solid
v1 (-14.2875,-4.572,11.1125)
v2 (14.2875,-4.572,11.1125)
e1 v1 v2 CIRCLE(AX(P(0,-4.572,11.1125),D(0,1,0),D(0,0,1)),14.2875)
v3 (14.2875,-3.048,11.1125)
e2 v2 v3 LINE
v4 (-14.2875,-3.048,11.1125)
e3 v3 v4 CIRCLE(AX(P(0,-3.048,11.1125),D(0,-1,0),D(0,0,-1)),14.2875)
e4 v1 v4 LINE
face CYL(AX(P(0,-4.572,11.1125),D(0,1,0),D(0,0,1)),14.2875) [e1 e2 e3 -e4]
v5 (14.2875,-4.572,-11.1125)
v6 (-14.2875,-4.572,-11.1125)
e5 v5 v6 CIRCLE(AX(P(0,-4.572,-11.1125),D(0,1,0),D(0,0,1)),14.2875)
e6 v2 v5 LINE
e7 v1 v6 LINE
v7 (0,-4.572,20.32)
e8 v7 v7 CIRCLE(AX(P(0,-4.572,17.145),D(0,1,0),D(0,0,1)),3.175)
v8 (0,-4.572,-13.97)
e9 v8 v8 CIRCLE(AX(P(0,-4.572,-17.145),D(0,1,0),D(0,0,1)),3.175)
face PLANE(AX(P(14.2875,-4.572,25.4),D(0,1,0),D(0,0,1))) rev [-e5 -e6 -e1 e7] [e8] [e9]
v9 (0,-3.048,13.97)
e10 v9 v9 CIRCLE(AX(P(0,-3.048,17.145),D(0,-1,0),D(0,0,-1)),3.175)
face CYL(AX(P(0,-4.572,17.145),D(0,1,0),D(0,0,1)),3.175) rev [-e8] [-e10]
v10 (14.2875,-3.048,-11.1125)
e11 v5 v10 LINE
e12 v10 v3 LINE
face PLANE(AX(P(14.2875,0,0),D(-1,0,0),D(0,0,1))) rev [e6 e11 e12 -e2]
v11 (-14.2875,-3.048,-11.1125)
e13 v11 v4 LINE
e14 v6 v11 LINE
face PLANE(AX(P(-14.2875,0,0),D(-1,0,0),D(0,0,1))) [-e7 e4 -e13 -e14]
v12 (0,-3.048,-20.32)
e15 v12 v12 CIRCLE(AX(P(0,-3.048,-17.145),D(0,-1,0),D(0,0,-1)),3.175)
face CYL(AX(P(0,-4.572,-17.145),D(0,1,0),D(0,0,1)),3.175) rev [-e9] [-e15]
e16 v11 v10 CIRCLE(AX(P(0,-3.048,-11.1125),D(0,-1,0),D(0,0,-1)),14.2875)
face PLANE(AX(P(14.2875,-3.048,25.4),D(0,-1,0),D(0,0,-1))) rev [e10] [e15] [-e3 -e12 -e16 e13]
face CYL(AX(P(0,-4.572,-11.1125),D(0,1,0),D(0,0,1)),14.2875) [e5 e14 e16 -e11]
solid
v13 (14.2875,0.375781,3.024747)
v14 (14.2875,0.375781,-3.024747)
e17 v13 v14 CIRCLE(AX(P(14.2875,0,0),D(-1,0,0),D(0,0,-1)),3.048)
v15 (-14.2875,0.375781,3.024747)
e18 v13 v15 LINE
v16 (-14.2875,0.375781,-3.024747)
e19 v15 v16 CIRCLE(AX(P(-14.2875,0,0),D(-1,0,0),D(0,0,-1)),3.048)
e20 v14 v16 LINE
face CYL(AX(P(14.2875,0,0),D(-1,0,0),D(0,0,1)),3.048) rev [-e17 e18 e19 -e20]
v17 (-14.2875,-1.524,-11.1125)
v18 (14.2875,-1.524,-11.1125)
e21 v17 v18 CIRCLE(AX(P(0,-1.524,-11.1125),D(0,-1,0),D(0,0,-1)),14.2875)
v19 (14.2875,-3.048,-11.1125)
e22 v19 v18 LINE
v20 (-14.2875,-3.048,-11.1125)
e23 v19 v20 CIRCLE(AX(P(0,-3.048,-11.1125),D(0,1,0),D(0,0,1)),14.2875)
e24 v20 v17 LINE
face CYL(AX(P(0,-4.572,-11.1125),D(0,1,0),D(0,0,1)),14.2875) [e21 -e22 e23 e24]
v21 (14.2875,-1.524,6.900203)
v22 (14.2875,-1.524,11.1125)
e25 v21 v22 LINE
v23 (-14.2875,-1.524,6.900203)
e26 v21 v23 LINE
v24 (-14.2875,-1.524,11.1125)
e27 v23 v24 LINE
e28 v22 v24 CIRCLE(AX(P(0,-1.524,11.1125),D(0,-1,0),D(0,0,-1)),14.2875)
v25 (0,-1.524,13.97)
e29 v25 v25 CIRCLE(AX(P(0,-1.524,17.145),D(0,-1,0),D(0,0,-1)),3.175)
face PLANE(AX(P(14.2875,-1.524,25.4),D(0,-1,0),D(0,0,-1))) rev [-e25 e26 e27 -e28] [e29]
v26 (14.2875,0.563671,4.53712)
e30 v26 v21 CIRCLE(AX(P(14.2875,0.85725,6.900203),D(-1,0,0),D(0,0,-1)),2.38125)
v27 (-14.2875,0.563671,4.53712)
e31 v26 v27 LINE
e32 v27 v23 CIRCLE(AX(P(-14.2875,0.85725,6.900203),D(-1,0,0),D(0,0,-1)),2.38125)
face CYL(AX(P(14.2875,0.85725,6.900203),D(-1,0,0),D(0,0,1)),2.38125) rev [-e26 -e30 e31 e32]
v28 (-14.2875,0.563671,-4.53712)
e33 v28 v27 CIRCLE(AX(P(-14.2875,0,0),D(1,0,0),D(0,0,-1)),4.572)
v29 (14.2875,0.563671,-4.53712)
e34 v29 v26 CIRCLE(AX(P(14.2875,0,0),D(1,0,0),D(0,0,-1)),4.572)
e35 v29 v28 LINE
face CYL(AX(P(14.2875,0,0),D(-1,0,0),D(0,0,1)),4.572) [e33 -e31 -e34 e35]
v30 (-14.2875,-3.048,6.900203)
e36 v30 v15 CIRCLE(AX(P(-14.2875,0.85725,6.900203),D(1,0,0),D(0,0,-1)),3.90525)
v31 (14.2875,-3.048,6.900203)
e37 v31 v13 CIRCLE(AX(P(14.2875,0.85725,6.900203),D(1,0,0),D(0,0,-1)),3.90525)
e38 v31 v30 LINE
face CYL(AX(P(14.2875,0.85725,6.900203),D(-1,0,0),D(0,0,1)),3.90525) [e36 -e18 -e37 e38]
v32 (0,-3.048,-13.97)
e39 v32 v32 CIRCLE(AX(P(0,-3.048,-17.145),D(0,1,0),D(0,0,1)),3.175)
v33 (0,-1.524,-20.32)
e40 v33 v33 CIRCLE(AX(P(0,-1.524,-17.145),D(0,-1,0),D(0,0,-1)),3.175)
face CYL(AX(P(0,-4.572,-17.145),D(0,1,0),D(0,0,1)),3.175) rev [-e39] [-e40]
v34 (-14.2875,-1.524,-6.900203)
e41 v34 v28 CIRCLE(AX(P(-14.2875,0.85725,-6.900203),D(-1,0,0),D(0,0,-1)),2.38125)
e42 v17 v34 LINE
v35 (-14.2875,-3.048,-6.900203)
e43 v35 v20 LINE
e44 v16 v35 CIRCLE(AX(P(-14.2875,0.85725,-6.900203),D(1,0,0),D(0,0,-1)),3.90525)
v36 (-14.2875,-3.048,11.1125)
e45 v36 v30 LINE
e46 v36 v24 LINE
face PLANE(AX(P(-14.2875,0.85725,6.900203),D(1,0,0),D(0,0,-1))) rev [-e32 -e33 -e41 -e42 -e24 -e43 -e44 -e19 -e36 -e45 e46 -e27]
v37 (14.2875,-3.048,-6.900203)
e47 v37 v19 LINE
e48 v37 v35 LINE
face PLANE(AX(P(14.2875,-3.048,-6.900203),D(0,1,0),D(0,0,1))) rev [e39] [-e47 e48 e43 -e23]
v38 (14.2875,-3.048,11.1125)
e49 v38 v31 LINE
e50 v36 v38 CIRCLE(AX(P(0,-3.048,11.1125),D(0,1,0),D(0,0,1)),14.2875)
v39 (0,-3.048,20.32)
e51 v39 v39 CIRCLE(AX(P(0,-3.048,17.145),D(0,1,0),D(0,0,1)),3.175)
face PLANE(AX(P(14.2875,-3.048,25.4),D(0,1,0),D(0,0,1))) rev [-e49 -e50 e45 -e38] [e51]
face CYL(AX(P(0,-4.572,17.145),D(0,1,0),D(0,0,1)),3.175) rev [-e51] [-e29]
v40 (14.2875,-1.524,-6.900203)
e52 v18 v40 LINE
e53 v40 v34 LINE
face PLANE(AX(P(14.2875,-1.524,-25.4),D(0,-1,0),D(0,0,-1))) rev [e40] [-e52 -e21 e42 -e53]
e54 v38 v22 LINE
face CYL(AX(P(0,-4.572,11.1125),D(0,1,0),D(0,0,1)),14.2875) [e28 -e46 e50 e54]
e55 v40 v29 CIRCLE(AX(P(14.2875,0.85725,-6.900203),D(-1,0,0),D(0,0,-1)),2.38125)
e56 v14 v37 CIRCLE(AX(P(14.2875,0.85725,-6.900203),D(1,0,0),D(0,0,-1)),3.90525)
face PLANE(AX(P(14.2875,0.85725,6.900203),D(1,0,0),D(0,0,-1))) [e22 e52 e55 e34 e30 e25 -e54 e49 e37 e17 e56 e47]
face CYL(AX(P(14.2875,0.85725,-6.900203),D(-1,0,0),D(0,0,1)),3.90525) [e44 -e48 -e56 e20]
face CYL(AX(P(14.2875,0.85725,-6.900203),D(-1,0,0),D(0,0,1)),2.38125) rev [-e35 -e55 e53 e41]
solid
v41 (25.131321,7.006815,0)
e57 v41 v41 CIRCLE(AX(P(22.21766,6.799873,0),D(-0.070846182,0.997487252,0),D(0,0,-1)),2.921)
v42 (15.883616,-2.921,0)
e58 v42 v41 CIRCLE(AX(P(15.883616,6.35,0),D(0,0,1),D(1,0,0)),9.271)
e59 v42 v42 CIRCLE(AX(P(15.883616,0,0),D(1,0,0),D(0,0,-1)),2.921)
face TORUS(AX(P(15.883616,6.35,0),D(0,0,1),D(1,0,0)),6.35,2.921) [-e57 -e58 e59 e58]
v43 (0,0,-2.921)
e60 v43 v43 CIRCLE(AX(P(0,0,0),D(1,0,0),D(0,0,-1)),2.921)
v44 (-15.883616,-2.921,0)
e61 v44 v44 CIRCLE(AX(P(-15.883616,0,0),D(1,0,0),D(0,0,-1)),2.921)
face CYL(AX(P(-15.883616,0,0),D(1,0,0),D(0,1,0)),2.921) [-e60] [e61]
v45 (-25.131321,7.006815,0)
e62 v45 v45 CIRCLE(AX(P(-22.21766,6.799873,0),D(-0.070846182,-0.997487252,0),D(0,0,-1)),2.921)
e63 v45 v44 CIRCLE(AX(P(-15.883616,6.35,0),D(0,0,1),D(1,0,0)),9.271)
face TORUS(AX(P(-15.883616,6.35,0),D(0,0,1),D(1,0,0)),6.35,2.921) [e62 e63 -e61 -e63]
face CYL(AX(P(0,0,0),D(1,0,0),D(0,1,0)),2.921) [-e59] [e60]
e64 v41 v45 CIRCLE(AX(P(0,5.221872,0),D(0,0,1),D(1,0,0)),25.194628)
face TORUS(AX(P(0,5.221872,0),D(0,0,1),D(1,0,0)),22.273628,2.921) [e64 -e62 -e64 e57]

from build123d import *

# Parameters (mm, degrees)
BOSS_EXTRUDE1_DEPTH      = 14.2875
BOSS_EXTRUDE1_DEPTH_BACK = 14.2875
BOSS_EXTRUDE2_DEPTH      = 14.2875
BOSS_EXTRUDE2_DEPTH_BACK = 14.2875
SKETCH5_W                = 50.8
SKETCH5_H                = 1.524
SKETCH6_OUTSIDE_W        = 42.376
SKETCH6_OUTSIDE_H        = 64.6
CUT_EXTRUDE1_DEPTH       = 30.499082024
SKETCH7_R                = 3.175
CUT_EXTRUDE2_DEPTH       = 30.499082024
SKETCH8_R                = 2.921


with BuildPart() as part:
    # Sketch4 → Boss-Extrude1 (new, two sides: drawn at the far end of the back side and taken through both)
    with BuildSketch(Plane(origin=(0, 0, 0), x_dir=(0, 0, -1), z_dir=(1, 0, 0)).offset(-BOSS_EXTRUDE1_DEPTH_BACK)):
        with BuildLine():
            Line((-25.4, -3.048), (-6.900203475, -3.048))
            ThreePointArc((-6.900203475, -3.048), (-4.314597158, -2.069457627), (-3.024746729, 0.375780822))
            ThreePointArc((-3.024746729, 0.375780822), (0, 3.048), (3.024746729, 0.375780822))
            ThreePointArc((3.024746729, 0.375780822), (4.314597158, -2.069457627), (6.900203475, -3.048))
            Line((6.900203475, -3.048), (25.4, -3.048))
            Line((25.4, -3.048), (25.4, -1.524))
            Line((25.4, -1.524), (6.900203475, -1.524))
            ThreePointArc((6.900203475, -1.524), (5.323614257, -0.927327821), (4.537120093, 0.563671233))
            ThreePointArc((4.537120093, 0.563671233), (0, 4.572), (-4.537120093, 0.563671233))
            ThreePointArc((-4.537120093, 0.563671233), (-5.323614257, -0.927327821), (-6.900203475, -1.524))
            Line((-6.900203475, -1.524), (-25.4, -1.524))
            Line((-25.4, -1.524), (-25.4, -3.048))
        make_face()
    extrude(amount=BOSS_EXTRUDE1_DEPTH + BOSS_EXTRUDE1_DEPTH_BACK)


with BuildPart() as body_2:
    # Sketch5 → Boss-Extrude2 (new, two sides: drawn at the far end of the back side and taken through both)
    with BuildSketch(Plane(origin=(0, 0, 0), x_dir=(0, 0, -1), z_dir=(1, 0, 0)).offset(-BOSS_EXTRUDE2_DEPTH_BACK)):
        with Locations((0, -3.81)):
            Rectangle(SKETCH5_W, SKETCH5_H)
    extrude(amount=BOSS_EXTRUDE2_DEPTH + BOSS_EXTRUDE2_DEPTH_BACK)


with BuildPart() as cut_extrude1_tool:
    # Sketch6 outside → Cut-Extrude1 (new, through all)
    with BuildSketch(Plane(origin=(0, 0, 0), x_dir=(1, 0, 0), z_dir=(0, 1, 0))):
        Rectangle(SKETCH6_OUTSIDE_W, SKETCH6_OUTSIDE_H)
        with BuildLine():
            Line((-14.2875, -11.1125), (-14.2875, 11.1125))
            ThreePointArc((-14.2875, 11.1125), (0, 25.4), (14.2875, 11.1125))
            Line((14.2875, 11.1125), (14.2875, -11.1125))
            ThreePointArc((14.2875, -11.1125), (0, -25.4), (-14.2875, -11.1125))
        make_face(mode=Mode.SUBTRACT)
    extrude(amount=-CUT_EXTRUDE1_DEPTH)


with BuildPart() as part_1:
    add(part.part)

    # Cut-Extrude1: cut by cut_extrude1_tool
    add(cut_extrude1_tool.part, mode=Mode.SUBTRACT)


with BuildPart() as body_2_1:
    add(body_2.part)

    # Cut-Extrude1: cut by cut_extrude1_tool
    add(cut_extrude1_tool.part, mode=Mode.SUBTRACT)


with BuildPart() as cut_extrude2_tool:
    # Sketch7 → Cut-Extrude2 (new, through all)
    with BuildSketch(Plane(origin=(0, 0, 0), x_dir=(1, 0, 0), z_dir=(0, 1, 0))):
        with Locations(Location((0, -17.145, 0), (0, 0, 270))):
            Circle(SKETCH7_R)
        with Locations(Location((0, 17.145, 0), (0, 0, 270))):
            Circle(SKETCH7_R)
    extrude(amount=-CUT_EXTRUDE2_DEPTH)


with BuildPart() as part_2:
    add(part_1.part)

    # Cut-Extrude2: cut by cut_extrude2_tool
    add(cut_extrude2_tool.part, mode=Mode.SUBTRACT)


with BuildPart() as body_2_2:
    add(body_2_1.part)

    # Cut-Extrude2: cut by cut_extrude2_tool
    add(cut_extrude2_tool.part, mode=Mode.SUBTRACT)


with BuildPart() as body_3:
    # Sweep1: sweep along a path in Sketch9
    with BuildLine(Plane.XY) as sweep1_path:
        Line((-15.883616212, 0), (15.883616212, 0))
        ThreePointArc((15.883616212, 0), (20.530076972, 2.021847692), (22.217660264, 6.799873258))
        ThreePointArc((22.217660264, 6.799873258), (0, 27.4955), (-22.217660264, 6.799873258))
        ThreePointArc((-22.217660264, 6.799873258), (-20.530076972, 2.021847692), (-15.883616212, 0))
    # Sketch8 → Sweep1 (sweep)
    with BuildSketch(Plane(origin=(0, 0, 0), x_dir=(0, 0, -1), z_dir=(1, 0, 0))):
        Circle(SKETCH8_R)
    sweep(path=sweep1_path.line)


solid = Compound([part_2.part, body_2_2.part, body_3.part])
